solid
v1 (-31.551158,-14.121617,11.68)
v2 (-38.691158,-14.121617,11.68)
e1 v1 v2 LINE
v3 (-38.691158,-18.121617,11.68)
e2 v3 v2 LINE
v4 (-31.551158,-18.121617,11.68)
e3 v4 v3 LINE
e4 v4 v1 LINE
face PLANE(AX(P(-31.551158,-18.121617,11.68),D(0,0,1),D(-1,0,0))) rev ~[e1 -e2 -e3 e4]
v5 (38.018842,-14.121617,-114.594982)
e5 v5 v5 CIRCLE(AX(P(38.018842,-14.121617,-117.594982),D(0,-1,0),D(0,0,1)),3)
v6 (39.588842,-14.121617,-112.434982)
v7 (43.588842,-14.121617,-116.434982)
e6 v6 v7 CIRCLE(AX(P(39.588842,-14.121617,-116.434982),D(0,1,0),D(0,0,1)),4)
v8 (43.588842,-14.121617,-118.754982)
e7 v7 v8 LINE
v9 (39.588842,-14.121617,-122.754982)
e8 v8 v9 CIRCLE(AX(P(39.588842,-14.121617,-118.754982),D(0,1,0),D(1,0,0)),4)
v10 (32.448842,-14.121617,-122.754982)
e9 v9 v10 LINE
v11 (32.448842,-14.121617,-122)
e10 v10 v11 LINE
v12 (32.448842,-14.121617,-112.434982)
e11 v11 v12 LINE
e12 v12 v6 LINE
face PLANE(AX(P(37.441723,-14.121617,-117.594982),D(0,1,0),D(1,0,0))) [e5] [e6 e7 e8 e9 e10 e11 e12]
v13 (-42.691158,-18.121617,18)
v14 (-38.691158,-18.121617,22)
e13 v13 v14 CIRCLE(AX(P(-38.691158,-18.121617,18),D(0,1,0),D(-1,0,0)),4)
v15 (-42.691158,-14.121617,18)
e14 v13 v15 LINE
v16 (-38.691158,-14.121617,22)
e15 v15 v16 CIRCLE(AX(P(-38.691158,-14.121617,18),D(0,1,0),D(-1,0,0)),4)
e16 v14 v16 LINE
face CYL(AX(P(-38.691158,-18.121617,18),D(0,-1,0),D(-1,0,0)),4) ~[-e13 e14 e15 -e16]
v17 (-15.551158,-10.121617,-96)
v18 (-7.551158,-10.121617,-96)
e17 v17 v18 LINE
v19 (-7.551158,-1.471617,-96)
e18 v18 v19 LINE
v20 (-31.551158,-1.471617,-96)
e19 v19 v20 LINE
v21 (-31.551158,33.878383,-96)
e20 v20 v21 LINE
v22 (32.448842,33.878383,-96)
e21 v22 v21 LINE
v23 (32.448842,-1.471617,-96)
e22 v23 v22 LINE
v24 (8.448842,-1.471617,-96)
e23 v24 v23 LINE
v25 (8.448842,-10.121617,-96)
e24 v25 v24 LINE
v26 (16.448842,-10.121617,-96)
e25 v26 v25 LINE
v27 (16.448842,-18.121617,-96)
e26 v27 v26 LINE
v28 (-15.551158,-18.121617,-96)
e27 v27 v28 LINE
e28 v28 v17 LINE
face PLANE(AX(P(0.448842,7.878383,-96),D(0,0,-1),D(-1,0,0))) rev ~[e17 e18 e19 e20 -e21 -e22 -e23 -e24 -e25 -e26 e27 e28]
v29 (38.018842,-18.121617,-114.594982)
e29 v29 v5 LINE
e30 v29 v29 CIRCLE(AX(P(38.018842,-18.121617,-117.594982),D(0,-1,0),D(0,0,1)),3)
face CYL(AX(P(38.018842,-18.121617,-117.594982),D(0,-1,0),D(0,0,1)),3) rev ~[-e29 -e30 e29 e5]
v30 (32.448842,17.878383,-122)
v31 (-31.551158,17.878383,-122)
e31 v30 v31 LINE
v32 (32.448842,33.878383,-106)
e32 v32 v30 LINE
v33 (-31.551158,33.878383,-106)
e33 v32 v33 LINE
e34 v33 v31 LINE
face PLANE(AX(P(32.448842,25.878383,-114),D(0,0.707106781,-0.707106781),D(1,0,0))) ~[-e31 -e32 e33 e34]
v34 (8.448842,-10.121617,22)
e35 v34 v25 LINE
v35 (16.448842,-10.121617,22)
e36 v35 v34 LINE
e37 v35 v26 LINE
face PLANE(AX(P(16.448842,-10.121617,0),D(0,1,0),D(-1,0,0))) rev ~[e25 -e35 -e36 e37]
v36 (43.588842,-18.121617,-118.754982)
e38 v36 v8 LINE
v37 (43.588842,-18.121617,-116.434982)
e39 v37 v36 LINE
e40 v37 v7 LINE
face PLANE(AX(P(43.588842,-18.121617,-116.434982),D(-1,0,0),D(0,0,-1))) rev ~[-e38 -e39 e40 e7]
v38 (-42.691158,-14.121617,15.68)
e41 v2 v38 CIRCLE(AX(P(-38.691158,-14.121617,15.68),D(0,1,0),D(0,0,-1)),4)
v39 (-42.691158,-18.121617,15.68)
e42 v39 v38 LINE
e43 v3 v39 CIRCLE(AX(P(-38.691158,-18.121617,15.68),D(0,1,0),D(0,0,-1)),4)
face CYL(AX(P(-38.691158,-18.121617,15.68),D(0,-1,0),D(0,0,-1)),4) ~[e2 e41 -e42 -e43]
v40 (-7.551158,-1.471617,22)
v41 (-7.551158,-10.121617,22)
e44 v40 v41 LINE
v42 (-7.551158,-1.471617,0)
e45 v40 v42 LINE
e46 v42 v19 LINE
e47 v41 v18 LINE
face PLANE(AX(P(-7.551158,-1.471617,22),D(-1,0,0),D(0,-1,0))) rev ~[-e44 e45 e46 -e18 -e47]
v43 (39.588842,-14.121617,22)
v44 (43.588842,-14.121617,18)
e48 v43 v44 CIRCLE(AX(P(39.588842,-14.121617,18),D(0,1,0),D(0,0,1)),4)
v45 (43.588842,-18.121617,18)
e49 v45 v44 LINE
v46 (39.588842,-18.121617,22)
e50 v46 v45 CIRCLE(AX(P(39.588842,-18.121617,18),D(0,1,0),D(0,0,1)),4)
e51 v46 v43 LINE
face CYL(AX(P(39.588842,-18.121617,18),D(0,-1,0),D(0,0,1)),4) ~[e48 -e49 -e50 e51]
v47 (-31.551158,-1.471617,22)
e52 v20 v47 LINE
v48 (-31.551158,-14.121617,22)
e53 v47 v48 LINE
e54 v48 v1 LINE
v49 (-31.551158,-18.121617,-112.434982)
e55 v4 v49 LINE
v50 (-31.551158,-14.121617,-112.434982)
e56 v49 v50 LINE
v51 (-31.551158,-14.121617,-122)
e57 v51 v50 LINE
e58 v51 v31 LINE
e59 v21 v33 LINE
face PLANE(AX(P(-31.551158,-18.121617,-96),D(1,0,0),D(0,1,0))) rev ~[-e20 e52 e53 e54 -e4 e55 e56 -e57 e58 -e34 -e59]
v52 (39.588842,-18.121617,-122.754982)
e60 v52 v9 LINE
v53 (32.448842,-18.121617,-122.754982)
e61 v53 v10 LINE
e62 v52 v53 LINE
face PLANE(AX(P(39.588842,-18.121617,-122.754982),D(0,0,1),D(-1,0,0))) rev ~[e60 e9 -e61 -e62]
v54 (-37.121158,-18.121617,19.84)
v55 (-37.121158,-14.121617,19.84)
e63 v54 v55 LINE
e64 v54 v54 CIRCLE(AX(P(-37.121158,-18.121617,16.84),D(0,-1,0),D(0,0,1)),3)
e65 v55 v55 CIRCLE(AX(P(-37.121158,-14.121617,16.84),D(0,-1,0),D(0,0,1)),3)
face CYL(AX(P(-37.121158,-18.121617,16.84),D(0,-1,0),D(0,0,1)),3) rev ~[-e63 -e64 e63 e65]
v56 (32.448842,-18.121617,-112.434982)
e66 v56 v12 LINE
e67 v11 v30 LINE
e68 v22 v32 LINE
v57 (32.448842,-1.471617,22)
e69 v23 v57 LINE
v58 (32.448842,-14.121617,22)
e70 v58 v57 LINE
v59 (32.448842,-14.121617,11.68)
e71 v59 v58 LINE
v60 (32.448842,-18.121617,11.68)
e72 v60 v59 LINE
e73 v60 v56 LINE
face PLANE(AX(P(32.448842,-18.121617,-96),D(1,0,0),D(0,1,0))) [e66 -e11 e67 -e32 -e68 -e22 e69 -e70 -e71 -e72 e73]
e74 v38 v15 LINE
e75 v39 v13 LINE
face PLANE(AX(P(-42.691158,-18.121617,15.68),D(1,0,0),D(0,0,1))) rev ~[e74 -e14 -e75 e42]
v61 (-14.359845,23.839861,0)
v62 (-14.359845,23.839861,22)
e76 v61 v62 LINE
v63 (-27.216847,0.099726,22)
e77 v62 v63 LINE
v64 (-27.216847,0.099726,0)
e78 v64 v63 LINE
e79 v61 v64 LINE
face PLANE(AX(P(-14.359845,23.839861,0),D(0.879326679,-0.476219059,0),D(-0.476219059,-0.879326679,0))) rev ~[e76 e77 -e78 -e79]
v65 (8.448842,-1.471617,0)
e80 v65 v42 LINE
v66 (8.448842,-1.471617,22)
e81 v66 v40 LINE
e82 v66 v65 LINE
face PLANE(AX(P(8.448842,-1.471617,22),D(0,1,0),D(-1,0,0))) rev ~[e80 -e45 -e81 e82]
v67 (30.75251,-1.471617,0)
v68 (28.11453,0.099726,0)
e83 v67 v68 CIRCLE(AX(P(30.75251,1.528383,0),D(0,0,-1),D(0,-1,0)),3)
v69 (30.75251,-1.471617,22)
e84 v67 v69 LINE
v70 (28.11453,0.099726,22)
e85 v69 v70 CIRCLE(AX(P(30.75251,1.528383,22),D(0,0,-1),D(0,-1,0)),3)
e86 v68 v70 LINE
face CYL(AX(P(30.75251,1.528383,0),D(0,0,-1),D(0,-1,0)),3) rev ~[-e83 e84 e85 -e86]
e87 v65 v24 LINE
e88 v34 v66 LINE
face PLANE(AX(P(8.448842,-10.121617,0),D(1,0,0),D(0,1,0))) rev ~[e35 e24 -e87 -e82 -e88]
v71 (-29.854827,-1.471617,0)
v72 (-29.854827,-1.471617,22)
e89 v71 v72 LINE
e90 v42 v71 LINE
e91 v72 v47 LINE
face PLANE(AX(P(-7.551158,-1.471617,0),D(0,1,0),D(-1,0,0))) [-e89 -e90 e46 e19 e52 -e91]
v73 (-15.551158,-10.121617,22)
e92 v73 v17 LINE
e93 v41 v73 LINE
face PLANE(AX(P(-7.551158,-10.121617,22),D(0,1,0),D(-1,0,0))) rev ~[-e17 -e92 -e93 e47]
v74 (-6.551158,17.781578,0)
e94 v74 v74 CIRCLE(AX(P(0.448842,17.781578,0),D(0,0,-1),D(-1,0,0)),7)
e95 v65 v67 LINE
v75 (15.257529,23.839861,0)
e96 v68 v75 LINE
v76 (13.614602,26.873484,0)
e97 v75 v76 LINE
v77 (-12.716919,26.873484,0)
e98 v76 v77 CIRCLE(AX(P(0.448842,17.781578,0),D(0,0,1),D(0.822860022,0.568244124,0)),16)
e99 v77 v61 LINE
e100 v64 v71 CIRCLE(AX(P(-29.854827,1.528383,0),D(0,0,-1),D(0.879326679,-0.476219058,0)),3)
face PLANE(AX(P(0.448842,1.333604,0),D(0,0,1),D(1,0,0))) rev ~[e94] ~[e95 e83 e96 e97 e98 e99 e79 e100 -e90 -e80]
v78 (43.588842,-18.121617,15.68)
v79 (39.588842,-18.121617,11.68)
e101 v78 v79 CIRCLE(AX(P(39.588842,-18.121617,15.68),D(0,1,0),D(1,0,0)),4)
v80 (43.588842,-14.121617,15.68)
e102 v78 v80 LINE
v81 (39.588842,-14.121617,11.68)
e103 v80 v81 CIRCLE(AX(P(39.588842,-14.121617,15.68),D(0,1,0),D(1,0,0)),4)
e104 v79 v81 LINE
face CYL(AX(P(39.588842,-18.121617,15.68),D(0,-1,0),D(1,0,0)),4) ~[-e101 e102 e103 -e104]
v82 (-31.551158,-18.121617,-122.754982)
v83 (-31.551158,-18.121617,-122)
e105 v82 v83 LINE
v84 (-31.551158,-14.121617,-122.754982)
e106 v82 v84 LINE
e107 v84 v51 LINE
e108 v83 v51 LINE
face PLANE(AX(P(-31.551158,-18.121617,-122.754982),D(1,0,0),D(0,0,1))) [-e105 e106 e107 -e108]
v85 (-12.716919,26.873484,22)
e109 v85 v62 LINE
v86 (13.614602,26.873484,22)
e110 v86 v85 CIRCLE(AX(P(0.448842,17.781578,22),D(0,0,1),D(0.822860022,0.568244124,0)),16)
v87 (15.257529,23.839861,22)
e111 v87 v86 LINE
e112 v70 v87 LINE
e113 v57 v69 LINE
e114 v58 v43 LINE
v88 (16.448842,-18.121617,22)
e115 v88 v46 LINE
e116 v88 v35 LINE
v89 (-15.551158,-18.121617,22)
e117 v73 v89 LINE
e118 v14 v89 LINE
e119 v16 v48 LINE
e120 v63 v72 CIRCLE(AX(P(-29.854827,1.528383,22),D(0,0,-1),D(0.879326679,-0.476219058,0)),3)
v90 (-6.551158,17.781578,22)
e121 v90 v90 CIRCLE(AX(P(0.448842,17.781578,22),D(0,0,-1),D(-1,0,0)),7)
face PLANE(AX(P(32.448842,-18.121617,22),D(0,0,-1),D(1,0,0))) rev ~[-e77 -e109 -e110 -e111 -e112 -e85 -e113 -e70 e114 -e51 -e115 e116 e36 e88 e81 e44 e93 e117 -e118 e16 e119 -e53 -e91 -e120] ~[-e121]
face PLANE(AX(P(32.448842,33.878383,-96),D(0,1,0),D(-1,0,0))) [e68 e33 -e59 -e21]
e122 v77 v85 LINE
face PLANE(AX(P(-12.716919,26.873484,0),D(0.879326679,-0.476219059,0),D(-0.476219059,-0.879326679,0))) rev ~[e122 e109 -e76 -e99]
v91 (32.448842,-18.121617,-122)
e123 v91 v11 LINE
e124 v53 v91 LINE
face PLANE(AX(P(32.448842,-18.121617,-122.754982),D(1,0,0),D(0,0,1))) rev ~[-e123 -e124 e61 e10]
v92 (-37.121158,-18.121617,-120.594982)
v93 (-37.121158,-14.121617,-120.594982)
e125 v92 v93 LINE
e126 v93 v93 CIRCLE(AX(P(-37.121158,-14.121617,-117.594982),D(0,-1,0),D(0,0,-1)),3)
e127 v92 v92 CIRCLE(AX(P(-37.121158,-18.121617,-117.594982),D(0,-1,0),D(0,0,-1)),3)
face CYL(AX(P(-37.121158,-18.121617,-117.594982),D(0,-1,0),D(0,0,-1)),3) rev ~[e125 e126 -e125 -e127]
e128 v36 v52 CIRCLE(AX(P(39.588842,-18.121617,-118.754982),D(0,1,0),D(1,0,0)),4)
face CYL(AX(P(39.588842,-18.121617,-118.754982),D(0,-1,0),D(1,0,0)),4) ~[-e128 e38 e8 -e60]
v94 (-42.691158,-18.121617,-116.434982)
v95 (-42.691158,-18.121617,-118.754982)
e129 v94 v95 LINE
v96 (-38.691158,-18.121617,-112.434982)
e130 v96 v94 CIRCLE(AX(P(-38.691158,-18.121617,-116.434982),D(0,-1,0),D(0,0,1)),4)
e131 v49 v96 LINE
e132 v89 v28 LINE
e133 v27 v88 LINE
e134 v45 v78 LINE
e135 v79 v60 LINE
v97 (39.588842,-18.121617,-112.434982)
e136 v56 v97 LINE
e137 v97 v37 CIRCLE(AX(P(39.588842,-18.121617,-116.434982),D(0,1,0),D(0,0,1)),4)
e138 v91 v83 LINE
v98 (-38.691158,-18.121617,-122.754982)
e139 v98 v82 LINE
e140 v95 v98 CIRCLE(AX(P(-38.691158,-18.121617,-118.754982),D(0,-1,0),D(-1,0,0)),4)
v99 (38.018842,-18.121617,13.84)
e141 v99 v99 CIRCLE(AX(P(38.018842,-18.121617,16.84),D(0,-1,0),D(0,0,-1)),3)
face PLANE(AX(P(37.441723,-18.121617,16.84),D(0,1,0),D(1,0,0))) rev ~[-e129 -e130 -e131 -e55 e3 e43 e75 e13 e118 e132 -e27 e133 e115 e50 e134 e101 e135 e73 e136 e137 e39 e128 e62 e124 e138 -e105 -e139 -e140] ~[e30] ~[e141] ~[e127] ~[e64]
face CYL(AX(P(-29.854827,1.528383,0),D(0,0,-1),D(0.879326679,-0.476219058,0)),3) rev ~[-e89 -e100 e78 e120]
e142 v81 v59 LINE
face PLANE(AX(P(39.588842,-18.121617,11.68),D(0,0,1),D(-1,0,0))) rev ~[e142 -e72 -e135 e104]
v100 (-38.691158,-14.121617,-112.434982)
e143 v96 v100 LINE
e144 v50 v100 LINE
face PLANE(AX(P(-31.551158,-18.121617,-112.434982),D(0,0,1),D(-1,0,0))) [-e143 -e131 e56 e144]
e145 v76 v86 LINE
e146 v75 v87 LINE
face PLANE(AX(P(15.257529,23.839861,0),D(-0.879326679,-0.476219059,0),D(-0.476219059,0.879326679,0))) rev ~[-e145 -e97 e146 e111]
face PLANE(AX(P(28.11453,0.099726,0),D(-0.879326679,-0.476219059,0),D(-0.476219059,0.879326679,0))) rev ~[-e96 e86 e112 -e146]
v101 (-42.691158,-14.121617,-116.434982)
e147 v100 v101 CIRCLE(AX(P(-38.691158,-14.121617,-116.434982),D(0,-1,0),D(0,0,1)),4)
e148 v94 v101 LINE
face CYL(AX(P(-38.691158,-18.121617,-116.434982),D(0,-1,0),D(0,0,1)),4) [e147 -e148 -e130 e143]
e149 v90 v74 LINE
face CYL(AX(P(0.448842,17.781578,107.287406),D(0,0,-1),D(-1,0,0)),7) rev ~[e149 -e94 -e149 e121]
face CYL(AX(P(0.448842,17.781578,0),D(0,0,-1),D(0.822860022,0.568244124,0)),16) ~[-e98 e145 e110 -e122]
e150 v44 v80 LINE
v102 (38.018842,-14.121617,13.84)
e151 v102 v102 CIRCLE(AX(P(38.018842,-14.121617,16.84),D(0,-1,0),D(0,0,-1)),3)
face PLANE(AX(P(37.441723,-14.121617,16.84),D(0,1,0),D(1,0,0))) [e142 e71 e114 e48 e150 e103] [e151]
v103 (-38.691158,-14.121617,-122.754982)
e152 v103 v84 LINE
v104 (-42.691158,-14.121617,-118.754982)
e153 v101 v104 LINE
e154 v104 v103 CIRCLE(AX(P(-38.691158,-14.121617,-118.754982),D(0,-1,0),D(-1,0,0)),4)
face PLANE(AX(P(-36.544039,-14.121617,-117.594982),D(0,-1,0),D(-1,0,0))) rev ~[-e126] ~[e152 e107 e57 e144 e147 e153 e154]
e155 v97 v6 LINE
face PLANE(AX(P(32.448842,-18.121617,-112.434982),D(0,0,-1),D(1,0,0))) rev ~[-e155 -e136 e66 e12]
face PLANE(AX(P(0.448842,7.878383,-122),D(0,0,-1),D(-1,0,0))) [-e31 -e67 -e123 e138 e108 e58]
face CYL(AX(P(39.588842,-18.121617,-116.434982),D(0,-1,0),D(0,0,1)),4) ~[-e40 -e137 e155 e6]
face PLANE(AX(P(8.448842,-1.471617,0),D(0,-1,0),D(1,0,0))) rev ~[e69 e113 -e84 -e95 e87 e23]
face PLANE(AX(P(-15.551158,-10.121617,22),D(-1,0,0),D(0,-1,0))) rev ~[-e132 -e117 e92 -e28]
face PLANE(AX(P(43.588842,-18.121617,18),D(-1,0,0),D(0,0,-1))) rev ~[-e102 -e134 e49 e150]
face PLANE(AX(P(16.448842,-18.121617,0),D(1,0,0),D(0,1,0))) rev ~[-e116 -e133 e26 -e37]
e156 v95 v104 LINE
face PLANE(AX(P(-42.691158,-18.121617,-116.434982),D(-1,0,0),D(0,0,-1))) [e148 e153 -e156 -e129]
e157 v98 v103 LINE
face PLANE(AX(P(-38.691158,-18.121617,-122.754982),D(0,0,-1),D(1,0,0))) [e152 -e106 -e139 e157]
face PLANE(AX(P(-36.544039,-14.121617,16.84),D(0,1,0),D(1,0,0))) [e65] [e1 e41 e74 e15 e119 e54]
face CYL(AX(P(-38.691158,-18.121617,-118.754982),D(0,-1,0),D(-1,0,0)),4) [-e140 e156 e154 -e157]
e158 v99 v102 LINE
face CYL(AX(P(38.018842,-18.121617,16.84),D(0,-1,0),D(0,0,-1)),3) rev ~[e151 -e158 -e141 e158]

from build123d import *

# Parameters (mm, degrees)
BOSS_EXTRUDE1_DEPTH = 22
M16_TAPPED_HOLE1_D  = 14
BOSS_EXTRUDE2_DEPTH = 96
CUT_EXTRUDE1_DEPTH  = 127.957167334
SKETCH8_W           = 64
SKETCH8_H           = 52
BOSS_EXTRUDE3_DEPTH = 26
CHAMFER1_SIZE       = 16
SKETCH11_R          = 3
BOSS_EXTRUDE4_DEPTH = 4


with BuildPart() as part:
    # Sketch1 → Boss-Extrude1 (new body)
    with BuildSketch(Plane.XY):
        with BuildLine():
            Line((-31.551158378, -1.471617029), (-31.551158378, -18.121617029))
            Line((-31.551158378, -18.121617029), (32.448841622, -18.121617029))
            Line((32.448841622, -18.121617029), (32.448841622, -1.471617029))
            Line((32.448841622, -1.471617029), (30.752510469, -1.471617029))
            ThreePointArc((30.752510469, -1.471617029), (29.21725341, -1.04901606), (28.114530432, 0.099725795))
            Line((28.114530432, 0.099725795), (15.257528673, 23.839860621))
            Line((15.257528673, 23.839860621), (13.614601967, 26.873484031))
            ThreePointArc((13.614601967, 26.873484031), (0.448841622, 33.78157804), (-12.716918722, 26.873484031))
            Line((-12.716918722, 26.873484031), (-14.359845428, 23.839860621))
            Line((-14.359845428, 23.839860621), (-27.216847187, 0.099725795))
            ThreePointArc((-27.216847187, 0.099725795), (-28.319570165, -1.04901606), (-29.854827224, -1.471617029))
            Line((-29.854827224, -1.471617029), (-31.551158378, -1.471617029))
        make_face()
    extrude(amount=BOSS_EXTRUDE1_DEPTH)

    # M16 Tapped Hole1 (through all)
    with Locations(Plane.XY.offset(22)):
        with Locations((0.448841622, 17.78157804)):
            Hole(M16_TAPPED_HOLE1_D / 2)

    # Sketch4 → Boss-Extrude2 (add)
    with BuildSketch(Plane.XY):
        Polygon((16.448841622, -18.121617029), (16.448841622, -10.121617029), (8.448841622, -10.121617029), (8.448841622, -1.471617029), (32.448841622, -1.471617029), (32.448841622, -18.121617029), align=None)
        Polygon((-7.551158378, -10.121617029), (-7.551158378, -1.471617029), (-31.551158378, -1.471617029), (-31.551158378, -18.121617029), (-15.551158378, -18.121617029), (-15.551158378, -10.121617029), align=None)
    extrude(amount=-BOSS_EXTRUDE2_DEPTH)

    # Sketch5 → Cut-Extrude1 (cut, through all)
    with BuildSketch(Plane.XY.offset(22)):
        Polygon((-15.551158378, -18.121617029), (16.448841622, -18.121617029), (16.448841622, -10.121617029), (8.448841622, -10.121617029), (8.448841622, -1.471617029), (-7.551158378, -1.471617029), (-7.551158378, -10.121617029), (-15.551158378, -10.121617029), align=None)
    extrude(amount=-CUT_EXTRUDE1_DEPTH, mode=Mode.SUBTRACT)

    # Sketch8 → Boss-Extrude3 (add)
    with BuildSketch(Plane(origin=(0, 0, -96), x_dir=(-1, 0, 0), z_dir=(0, 0, -1))):
        with Locations((-0.448841622, 7.878382971)):
            Rectangle(SKETCH8_W, SKETCH8_H)
    extrude(amount=BOSS_EXTRUDE3_DEPTH)

    # Chamfer1
    chamfer1_edges = [part.edges().sort_by_distance(p)[0] for p in [
        (0.448841622, 33.878382971, -122),
    ]]
    chamfer(chamfer1_edges, length=CHAMFER1_SIZE)

    # Sketch11 → Boss-Extrude4 (add)
    # profile 1 of 4: a face of its own
    with BuildSketch(Plane(origin=(0, -18.121617029, 0), x_dir=(-1, 0, 0), z_dir=(0, -1, 0))):
        with BuildLine():
            Line((-32.448841622, -22), (-39.588841622, -22))
            ThreePointArc((-39.588841622, -22), (-42.417268747, -20.828427125), (-43.588841622, -18))
            Line((-43.588841622, -18), (-43.588841622, -15.68))
            ThreePointArc((-43.588841622, -15.68), (-42.417268747, -12.851572875), (-39.588841622, -11.68))
            Line((-39.588841622, -11.68), (-32.448841622, -11.68))
            Line((-32.448841622, -11.68), (-32.448841622, -22))
        make_face()
        with Locations(Location((-38.018841622, -16.84, 0), (0, 0, 90))):
            Circle(SKETCH11_R, mode=Mode.SUBTRACT)
    # profile 2 of 4: a face of its own
    with BuildSketch(Plane(origin=(0, -18.121617029, 0), x_dir=(-1, 0, 0), z_dir=(0, -1, 0))):
        with BuildLine():
            Line((31.551158378, -11.68), (38.691158378, -11.68))
            ThreePointArc((38.691158378, -11.68), (41.519585502, -12.851572875), (42.691158378, -15.68))
            Line((42.691158378, -15.68), (42.691158378, -18))
            ThreePointArc((42.691158378, -18), (41.519585502, -20.828427125), (38.691158378, -22))
            Line((38.691158378, -22), (31.551158378, -22))
            Line((31.551158378, -22), (31.551158378, -11.68))
        make_face()
        with Locations(Location((37.121158378, -16.84, 0), (0, 0, 270))):
            Circle(SKETCH11_R, mode=Mode.SUBTRACT)
    # profile 3 of 4: a face of its own
    with BuildSketch(Plane(origin=(0, -18.121617029, 0), x_dir=(-1, 0, 0), z_dir=(0, -1, 0))):
        with BuildLine():
            Line((-32.448841622, 112.43498208), (-39.588841622, 112.43498208))
            ThreePointArc((-39.588841622, 112.43498208), (-42.417268747, 113.606554955), (-43.588841622, 116.43498208))
            Line((-43.588841622, 116.43498208), (-43.588841622, 118.75498208))
            ThreePointArc((-43.588841622, 118.75498208), (-42.417268747, 121.583409205), (-39.588841622, 122.75498208))
            Line((-39.588841622, 122.75498208), (-32.448841622, 122.75498208))
            Line((-32.448841622, 122.75498208), (-32.448841622, 112.43498208))
        make_face()
        with Locations(Location((-38.018841622, 117.59498208, 0), (0, 0, 270))):
            Circle(SKETCH11_R, mode=Mode.SUBTRACT)
    # profile 4 of 4: a face of its own
    with BuildSketch(Plane(origin=(0, -18.121617029, 0), x_dir=(-1, 0, 0), z_dir=(0, -1, 0))):
        with BuildLine():
            Line((31.551158378, 122.75498208), (31.551158378, 112.43498208))
            Line((31.551158378, 112.43498208), (38.691158378, 112.43498208))
            ThreePointArc((38.691158378, 112.43498208), (41.519585502, 113.606554955), (42.691158378, 116.43498208))
            Line((42.691158378, 116.43498208), (42.691158378, 118.75498208))
            ThreePointArc((42.691158378, 118.75498208), (41.519585502, 121.583409205), (38.691158378, 122.75498208))
            Line((38.691158378, 122.75498208), (31.551158378, 122.75498208))
        make_face()
        with Locations(Location((37.121158378, 117.59498208, 0), (0, 0, 90))):
            Circle(SKETCH11_R, mode=Mode.SUBTRACT)
    extrude(amount=-BOSS_EXTRUDE4_DEPTH)


solid = part.part
